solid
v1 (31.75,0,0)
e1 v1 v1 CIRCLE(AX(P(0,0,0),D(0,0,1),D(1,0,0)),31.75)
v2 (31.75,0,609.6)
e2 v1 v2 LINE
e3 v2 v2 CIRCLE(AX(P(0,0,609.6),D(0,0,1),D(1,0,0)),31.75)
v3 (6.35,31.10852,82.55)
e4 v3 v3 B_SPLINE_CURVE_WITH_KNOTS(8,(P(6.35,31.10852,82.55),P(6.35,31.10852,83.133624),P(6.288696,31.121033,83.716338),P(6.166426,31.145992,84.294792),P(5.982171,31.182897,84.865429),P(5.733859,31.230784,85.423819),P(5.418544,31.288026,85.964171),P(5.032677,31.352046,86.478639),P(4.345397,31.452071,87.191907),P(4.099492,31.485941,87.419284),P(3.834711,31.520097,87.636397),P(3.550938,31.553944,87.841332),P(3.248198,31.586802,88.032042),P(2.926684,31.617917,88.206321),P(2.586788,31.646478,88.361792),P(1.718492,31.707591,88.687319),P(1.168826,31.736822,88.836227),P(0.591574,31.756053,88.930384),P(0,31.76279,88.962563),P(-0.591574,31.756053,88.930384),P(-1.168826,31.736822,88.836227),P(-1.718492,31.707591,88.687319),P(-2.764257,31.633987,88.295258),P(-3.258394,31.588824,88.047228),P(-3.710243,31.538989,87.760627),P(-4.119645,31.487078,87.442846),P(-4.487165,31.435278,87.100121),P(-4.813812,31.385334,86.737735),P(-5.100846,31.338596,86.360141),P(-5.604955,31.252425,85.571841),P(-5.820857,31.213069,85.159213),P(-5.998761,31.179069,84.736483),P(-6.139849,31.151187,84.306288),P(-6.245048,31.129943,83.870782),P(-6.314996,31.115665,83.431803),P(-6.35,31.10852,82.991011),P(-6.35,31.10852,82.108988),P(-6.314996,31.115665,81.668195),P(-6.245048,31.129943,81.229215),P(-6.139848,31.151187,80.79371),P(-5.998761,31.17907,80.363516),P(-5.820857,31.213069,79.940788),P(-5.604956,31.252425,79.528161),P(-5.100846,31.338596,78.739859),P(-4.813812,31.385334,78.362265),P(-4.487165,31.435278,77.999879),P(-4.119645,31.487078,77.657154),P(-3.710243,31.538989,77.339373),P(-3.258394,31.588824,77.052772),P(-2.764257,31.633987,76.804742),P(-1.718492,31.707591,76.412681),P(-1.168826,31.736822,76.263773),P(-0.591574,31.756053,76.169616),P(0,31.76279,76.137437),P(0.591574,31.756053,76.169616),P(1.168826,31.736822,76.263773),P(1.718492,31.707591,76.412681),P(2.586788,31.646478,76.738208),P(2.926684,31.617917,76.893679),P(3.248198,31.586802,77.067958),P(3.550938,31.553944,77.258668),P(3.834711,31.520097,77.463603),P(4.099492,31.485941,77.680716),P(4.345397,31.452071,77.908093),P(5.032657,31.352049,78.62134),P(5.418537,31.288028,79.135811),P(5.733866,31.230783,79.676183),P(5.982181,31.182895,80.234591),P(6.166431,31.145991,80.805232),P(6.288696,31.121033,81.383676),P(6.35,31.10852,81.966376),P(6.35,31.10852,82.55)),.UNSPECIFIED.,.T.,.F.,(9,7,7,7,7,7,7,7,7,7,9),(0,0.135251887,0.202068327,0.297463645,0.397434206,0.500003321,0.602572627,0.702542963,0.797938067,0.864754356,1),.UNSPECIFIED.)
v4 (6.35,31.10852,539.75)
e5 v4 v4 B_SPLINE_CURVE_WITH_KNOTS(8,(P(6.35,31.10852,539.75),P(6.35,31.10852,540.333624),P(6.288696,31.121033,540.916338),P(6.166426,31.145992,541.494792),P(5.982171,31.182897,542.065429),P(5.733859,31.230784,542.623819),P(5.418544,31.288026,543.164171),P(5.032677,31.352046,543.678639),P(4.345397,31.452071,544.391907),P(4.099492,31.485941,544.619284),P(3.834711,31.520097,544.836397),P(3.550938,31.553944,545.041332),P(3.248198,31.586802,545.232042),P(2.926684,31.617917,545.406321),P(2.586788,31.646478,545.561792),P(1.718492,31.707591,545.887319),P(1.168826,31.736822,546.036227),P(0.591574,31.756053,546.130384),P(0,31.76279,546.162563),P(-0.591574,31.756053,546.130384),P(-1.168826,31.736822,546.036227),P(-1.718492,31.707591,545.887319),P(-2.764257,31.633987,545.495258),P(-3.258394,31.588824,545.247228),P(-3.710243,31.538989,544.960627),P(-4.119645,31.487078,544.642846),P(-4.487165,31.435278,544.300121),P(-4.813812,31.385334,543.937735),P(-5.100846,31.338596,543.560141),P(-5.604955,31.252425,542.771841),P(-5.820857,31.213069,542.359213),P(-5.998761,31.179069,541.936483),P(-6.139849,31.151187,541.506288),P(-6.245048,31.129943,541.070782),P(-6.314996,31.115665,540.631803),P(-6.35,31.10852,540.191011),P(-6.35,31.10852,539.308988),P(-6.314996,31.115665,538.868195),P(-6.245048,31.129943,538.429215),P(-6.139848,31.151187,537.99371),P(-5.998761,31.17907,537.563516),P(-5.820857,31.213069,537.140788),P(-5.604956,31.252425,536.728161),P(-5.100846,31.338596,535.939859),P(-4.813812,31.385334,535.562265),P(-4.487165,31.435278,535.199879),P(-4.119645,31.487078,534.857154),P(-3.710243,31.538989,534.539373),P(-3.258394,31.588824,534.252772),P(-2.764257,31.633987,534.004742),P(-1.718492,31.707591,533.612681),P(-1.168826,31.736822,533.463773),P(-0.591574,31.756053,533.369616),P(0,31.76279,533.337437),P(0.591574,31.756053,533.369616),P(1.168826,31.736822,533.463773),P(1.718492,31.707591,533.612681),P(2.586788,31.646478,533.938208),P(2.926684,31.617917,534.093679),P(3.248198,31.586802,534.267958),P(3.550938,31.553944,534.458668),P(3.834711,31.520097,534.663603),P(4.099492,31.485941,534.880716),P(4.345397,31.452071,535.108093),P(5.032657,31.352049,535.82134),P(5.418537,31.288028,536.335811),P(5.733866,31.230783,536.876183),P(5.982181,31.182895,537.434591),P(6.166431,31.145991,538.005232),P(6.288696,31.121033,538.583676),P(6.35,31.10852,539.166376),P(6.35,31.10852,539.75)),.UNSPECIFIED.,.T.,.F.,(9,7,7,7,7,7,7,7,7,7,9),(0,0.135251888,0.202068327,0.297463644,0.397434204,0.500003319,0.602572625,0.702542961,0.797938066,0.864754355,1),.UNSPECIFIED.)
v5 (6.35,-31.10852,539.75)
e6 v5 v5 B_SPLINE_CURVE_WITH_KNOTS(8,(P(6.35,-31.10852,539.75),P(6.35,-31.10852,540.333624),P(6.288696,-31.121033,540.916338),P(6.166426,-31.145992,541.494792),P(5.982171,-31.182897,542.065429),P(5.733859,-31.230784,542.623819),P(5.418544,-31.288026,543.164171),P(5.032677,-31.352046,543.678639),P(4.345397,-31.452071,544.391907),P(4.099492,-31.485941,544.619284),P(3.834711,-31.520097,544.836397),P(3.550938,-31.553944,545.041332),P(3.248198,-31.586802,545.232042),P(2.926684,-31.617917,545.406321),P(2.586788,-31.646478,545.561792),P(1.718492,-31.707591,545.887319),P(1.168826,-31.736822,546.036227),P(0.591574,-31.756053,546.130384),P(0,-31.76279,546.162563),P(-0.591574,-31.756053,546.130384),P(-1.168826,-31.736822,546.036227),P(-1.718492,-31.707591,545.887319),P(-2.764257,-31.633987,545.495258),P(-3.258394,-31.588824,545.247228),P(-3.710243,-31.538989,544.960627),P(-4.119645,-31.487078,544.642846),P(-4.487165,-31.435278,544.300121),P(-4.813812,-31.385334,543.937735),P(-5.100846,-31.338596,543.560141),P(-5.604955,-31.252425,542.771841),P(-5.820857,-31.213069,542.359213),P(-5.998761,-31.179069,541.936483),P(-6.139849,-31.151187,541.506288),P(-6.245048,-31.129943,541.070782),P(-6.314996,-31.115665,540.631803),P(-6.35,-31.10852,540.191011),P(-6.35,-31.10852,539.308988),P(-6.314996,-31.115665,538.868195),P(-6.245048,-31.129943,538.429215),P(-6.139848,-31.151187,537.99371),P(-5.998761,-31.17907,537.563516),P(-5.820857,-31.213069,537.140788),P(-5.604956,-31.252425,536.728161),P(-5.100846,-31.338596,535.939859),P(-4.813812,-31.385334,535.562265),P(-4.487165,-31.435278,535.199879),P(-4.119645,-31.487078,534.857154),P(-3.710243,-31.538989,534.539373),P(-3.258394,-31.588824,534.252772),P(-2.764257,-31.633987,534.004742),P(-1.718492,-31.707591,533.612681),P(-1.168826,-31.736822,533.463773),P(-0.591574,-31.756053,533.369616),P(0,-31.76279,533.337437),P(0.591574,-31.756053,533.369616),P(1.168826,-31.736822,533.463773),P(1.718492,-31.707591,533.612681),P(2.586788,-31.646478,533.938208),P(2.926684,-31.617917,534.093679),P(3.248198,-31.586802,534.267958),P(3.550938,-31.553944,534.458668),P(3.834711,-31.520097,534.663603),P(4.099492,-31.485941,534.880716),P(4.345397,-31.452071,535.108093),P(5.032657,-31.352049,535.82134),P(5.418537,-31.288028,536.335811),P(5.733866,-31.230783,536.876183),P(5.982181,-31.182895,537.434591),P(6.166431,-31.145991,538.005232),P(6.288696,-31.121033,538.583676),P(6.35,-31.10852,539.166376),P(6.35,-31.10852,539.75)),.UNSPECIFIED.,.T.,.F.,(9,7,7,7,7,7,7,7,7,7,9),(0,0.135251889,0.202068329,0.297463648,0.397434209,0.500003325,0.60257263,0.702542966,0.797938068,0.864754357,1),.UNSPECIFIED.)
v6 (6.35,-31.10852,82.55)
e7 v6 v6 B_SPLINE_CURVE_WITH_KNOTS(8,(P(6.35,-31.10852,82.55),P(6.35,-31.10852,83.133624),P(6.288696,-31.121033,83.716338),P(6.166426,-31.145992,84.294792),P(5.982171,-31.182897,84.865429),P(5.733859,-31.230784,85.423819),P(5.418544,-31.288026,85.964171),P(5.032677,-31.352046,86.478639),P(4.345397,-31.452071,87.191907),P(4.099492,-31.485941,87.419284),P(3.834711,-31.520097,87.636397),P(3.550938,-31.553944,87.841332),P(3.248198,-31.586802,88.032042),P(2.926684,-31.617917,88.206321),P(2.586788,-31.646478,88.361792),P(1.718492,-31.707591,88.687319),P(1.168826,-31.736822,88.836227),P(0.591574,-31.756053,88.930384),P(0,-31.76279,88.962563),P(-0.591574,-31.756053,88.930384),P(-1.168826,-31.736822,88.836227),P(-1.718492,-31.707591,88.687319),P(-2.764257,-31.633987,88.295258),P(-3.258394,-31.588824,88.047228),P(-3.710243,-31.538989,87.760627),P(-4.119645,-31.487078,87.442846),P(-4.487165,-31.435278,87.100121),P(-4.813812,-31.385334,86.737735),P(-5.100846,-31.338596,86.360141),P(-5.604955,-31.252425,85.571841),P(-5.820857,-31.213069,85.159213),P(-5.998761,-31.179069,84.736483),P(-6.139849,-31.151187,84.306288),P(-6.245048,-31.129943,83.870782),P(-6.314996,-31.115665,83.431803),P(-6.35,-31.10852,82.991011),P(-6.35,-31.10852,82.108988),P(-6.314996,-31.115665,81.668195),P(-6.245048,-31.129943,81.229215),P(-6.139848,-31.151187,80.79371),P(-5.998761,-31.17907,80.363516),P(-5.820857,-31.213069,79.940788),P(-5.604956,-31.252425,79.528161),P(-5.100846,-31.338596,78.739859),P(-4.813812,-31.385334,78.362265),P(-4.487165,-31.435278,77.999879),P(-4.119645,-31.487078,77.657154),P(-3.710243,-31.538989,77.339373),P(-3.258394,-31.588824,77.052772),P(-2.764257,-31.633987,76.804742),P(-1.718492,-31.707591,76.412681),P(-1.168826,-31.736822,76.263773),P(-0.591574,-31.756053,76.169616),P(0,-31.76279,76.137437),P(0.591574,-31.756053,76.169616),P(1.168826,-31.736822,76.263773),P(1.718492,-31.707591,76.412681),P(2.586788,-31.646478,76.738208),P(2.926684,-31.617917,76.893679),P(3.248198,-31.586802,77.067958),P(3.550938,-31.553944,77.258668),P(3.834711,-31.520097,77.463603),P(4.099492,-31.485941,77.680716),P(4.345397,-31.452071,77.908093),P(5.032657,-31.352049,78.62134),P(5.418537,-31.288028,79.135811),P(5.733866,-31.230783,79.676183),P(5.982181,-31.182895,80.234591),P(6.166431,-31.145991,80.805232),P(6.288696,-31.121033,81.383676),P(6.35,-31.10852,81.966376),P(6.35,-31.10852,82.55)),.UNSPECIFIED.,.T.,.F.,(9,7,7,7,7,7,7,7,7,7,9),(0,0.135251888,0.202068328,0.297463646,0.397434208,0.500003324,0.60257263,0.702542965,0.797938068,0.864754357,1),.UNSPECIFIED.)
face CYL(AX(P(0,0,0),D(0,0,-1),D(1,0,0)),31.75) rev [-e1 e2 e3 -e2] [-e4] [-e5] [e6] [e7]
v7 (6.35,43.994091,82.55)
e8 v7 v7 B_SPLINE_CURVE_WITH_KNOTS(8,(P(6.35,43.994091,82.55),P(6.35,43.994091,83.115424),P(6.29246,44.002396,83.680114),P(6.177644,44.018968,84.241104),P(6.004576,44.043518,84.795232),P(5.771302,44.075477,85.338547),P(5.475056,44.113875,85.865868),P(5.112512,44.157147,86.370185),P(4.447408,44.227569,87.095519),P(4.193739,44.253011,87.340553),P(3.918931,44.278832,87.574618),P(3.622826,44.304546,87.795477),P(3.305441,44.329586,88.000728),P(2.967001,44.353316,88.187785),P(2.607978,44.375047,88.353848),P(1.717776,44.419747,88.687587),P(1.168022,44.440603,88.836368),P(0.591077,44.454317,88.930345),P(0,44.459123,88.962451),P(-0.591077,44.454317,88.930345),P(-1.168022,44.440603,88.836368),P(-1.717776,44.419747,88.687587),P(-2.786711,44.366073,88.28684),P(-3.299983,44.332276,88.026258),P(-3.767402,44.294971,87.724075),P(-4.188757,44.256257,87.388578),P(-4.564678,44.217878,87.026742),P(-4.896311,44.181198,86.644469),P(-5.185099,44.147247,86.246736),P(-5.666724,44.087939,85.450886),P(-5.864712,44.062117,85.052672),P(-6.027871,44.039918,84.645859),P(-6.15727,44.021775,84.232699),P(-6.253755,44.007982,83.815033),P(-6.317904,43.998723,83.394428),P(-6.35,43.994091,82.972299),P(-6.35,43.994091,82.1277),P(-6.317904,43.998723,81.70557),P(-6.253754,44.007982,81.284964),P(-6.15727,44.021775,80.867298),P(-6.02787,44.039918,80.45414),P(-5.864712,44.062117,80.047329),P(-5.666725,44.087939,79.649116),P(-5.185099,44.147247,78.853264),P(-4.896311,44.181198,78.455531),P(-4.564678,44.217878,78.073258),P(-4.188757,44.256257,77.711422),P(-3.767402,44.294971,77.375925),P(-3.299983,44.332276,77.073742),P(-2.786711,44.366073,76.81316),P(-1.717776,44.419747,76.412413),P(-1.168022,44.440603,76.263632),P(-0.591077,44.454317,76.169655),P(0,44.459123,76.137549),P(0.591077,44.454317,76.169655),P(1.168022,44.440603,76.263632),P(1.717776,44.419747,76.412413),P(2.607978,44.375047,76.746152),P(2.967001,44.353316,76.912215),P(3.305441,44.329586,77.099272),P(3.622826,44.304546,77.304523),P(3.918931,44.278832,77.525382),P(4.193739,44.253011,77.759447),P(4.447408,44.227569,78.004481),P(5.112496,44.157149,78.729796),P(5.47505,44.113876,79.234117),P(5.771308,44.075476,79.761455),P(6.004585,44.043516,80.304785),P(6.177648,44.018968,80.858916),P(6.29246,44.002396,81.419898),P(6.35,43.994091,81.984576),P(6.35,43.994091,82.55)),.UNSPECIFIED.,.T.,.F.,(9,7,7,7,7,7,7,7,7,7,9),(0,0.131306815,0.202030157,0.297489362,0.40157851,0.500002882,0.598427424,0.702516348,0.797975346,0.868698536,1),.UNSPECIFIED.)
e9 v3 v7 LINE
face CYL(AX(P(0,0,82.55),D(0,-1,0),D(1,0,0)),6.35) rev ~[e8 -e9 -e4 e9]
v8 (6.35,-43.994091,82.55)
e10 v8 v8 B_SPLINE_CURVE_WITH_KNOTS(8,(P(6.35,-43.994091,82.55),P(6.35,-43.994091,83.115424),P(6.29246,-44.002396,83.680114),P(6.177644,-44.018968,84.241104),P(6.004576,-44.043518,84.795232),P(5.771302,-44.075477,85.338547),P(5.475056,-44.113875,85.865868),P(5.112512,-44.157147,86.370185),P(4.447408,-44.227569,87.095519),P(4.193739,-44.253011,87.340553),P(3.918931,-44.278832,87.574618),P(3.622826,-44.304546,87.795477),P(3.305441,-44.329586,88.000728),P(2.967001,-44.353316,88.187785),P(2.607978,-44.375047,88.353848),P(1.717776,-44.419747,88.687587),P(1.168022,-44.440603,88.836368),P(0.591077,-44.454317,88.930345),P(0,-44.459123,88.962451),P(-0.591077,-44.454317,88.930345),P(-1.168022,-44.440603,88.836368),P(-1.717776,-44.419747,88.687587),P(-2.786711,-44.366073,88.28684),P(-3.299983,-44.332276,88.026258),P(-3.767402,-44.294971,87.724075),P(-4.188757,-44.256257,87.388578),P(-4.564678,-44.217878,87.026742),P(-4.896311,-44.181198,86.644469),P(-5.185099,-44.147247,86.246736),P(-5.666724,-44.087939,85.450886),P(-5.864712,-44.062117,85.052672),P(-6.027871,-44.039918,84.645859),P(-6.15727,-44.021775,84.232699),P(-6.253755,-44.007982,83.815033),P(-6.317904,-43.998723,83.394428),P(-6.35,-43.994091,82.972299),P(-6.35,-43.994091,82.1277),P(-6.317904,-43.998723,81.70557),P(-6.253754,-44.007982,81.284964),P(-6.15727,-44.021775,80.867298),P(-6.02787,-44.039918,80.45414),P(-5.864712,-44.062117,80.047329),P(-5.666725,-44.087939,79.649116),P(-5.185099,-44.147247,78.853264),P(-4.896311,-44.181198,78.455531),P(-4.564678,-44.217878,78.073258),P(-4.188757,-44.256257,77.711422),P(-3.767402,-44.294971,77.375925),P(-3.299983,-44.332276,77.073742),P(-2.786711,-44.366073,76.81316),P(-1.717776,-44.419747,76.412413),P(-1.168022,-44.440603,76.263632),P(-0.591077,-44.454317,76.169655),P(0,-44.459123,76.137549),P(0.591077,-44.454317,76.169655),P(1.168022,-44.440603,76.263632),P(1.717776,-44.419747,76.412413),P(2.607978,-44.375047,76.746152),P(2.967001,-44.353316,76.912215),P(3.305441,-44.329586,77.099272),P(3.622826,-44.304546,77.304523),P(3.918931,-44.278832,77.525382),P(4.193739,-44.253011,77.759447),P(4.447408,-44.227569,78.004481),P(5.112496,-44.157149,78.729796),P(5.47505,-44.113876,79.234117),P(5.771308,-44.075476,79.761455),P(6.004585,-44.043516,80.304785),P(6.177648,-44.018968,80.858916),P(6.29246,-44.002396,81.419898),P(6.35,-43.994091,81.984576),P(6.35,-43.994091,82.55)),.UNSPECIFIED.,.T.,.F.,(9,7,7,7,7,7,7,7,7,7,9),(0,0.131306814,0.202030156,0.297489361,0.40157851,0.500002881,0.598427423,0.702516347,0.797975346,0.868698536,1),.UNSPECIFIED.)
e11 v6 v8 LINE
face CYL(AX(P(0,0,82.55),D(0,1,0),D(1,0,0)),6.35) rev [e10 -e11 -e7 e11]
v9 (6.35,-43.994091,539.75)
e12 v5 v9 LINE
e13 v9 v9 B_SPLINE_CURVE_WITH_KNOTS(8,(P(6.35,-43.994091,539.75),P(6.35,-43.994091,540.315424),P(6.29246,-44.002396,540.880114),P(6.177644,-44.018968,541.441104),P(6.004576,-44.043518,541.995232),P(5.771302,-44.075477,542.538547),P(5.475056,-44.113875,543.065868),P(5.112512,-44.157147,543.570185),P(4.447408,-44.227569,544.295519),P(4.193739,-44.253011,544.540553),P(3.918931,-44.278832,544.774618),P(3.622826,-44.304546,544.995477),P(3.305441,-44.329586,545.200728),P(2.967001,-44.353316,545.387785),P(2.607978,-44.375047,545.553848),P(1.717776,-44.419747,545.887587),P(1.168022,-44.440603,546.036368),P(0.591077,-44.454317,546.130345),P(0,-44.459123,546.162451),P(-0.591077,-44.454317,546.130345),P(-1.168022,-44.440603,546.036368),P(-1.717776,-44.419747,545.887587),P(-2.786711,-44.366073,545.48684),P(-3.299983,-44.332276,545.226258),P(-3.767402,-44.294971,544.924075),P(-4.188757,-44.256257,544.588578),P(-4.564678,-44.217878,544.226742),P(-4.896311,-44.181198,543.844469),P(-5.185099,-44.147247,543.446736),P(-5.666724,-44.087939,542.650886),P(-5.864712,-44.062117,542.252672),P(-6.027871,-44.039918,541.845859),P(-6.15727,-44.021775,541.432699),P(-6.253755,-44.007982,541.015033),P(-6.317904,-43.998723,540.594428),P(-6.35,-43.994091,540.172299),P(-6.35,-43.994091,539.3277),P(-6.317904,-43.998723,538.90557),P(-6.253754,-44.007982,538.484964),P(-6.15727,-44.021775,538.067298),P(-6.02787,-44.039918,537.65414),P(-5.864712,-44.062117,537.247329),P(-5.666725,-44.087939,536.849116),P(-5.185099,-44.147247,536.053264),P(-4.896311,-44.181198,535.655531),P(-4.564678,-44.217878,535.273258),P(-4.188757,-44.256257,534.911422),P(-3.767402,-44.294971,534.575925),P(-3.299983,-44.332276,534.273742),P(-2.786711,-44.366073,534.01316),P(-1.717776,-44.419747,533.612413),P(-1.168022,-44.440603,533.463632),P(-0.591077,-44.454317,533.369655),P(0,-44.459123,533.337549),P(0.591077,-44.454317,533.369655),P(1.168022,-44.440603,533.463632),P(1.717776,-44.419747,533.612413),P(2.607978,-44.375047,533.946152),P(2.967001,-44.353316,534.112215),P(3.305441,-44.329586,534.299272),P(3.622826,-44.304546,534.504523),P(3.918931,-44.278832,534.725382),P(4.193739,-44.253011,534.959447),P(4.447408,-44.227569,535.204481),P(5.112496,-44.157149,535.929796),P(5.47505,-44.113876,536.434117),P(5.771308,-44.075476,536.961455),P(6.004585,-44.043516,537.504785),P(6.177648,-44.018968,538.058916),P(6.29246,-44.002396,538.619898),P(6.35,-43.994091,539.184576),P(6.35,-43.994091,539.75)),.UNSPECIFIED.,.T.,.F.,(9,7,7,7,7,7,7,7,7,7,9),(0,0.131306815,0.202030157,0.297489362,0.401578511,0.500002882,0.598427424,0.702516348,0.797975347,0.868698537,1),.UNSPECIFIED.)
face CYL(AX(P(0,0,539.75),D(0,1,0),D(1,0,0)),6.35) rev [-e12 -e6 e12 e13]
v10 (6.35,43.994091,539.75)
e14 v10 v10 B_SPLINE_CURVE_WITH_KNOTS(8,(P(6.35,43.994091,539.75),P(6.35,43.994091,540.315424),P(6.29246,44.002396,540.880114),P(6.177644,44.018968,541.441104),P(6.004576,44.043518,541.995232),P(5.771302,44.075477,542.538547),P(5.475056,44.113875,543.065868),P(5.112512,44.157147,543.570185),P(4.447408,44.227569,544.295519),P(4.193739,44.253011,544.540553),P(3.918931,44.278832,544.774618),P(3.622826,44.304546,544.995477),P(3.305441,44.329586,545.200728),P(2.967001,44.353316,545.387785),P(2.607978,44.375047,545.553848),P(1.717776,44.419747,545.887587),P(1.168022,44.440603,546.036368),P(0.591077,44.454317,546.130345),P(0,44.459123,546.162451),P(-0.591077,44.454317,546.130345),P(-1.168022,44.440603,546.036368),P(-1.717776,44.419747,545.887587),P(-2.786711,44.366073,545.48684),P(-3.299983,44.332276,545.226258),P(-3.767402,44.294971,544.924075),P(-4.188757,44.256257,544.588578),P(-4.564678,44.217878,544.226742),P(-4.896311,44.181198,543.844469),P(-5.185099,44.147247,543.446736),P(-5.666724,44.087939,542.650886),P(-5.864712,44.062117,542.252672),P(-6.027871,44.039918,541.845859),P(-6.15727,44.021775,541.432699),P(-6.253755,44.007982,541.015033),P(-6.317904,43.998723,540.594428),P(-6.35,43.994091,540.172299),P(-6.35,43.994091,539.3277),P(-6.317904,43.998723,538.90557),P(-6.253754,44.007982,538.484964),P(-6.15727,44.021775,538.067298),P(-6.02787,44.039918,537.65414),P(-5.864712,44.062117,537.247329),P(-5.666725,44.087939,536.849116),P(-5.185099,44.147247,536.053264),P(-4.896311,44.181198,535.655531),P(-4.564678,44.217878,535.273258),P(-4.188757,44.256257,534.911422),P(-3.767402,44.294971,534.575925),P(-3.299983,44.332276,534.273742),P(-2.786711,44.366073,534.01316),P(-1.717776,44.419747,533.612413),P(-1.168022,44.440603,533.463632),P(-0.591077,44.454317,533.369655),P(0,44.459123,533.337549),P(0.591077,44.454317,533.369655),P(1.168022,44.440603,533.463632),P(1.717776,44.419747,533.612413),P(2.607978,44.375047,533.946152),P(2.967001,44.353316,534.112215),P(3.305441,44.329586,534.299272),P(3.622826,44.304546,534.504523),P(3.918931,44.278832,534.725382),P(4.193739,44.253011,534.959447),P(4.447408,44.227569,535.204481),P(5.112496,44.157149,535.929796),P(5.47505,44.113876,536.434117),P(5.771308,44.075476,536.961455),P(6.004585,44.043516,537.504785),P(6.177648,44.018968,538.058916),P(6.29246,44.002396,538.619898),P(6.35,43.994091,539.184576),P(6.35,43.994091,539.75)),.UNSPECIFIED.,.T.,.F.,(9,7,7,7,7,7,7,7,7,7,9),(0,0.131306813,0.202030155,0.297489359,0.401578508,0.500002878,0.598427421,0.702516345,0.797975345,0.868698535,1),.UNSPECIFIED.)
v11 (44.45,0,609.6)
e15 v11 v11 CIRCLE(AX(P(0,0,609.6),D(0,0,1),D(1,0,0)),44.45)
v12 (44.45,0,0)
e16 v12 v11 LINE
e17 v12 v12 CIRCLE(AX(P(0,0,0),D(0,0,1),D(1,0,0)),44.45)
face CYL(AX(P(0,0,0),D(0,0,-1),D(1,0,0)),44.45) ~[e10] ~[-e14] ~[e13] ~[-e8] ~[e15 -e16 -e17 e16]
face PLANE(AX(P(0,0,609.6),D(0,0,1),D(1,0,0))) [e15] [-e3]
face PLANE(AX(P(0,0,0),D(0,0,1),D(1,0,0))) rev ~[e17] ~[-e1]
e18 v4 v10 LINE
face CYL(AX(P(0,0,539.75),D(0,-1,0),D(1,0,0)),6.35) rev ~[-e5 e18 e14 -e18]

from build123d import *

# Parameters (mm, degrees)
F0_R     = 44.45
F0_R_2   = 31.75
F1_DEPTH = 609.6
F2_R     = 6.35
F3_DEPTH = 44.451
F4_DEPTH = 44.451


with BuildPart() as f1:
    # F0 (on Top) → F1 (new body)
    with BuildSketch(Plane.XY):
        Circle(F0_R)
        Circle(F0_R_2, mode=Mode.SUBTRACT)
    extrude(amount=F1_DEPTH)

    # F2 (on Front) → F3 (cut, through all)
    with BuildSketch(Plane.XZ):
        with Locations((0, 539.75)):
            Circle(F2_R)
        with Locations((0, 82.55)):
            Circle(F2_R)
    extrude(amount=F3_DEPTH, mode=Mode.SUBTRACT)

    # F2 (on Front) → F4 (cut, through all)
    with BuildSketch(Plane.XZ):
        with Locations((0, 539.75)):
            Circle(F2_R)
        with Locations((0, 82.55)):
            Circle(F2_R)
    extrude(amount=-F4_DEPTH, mode=Mode.SUBTRACT)


solid = f1.part
